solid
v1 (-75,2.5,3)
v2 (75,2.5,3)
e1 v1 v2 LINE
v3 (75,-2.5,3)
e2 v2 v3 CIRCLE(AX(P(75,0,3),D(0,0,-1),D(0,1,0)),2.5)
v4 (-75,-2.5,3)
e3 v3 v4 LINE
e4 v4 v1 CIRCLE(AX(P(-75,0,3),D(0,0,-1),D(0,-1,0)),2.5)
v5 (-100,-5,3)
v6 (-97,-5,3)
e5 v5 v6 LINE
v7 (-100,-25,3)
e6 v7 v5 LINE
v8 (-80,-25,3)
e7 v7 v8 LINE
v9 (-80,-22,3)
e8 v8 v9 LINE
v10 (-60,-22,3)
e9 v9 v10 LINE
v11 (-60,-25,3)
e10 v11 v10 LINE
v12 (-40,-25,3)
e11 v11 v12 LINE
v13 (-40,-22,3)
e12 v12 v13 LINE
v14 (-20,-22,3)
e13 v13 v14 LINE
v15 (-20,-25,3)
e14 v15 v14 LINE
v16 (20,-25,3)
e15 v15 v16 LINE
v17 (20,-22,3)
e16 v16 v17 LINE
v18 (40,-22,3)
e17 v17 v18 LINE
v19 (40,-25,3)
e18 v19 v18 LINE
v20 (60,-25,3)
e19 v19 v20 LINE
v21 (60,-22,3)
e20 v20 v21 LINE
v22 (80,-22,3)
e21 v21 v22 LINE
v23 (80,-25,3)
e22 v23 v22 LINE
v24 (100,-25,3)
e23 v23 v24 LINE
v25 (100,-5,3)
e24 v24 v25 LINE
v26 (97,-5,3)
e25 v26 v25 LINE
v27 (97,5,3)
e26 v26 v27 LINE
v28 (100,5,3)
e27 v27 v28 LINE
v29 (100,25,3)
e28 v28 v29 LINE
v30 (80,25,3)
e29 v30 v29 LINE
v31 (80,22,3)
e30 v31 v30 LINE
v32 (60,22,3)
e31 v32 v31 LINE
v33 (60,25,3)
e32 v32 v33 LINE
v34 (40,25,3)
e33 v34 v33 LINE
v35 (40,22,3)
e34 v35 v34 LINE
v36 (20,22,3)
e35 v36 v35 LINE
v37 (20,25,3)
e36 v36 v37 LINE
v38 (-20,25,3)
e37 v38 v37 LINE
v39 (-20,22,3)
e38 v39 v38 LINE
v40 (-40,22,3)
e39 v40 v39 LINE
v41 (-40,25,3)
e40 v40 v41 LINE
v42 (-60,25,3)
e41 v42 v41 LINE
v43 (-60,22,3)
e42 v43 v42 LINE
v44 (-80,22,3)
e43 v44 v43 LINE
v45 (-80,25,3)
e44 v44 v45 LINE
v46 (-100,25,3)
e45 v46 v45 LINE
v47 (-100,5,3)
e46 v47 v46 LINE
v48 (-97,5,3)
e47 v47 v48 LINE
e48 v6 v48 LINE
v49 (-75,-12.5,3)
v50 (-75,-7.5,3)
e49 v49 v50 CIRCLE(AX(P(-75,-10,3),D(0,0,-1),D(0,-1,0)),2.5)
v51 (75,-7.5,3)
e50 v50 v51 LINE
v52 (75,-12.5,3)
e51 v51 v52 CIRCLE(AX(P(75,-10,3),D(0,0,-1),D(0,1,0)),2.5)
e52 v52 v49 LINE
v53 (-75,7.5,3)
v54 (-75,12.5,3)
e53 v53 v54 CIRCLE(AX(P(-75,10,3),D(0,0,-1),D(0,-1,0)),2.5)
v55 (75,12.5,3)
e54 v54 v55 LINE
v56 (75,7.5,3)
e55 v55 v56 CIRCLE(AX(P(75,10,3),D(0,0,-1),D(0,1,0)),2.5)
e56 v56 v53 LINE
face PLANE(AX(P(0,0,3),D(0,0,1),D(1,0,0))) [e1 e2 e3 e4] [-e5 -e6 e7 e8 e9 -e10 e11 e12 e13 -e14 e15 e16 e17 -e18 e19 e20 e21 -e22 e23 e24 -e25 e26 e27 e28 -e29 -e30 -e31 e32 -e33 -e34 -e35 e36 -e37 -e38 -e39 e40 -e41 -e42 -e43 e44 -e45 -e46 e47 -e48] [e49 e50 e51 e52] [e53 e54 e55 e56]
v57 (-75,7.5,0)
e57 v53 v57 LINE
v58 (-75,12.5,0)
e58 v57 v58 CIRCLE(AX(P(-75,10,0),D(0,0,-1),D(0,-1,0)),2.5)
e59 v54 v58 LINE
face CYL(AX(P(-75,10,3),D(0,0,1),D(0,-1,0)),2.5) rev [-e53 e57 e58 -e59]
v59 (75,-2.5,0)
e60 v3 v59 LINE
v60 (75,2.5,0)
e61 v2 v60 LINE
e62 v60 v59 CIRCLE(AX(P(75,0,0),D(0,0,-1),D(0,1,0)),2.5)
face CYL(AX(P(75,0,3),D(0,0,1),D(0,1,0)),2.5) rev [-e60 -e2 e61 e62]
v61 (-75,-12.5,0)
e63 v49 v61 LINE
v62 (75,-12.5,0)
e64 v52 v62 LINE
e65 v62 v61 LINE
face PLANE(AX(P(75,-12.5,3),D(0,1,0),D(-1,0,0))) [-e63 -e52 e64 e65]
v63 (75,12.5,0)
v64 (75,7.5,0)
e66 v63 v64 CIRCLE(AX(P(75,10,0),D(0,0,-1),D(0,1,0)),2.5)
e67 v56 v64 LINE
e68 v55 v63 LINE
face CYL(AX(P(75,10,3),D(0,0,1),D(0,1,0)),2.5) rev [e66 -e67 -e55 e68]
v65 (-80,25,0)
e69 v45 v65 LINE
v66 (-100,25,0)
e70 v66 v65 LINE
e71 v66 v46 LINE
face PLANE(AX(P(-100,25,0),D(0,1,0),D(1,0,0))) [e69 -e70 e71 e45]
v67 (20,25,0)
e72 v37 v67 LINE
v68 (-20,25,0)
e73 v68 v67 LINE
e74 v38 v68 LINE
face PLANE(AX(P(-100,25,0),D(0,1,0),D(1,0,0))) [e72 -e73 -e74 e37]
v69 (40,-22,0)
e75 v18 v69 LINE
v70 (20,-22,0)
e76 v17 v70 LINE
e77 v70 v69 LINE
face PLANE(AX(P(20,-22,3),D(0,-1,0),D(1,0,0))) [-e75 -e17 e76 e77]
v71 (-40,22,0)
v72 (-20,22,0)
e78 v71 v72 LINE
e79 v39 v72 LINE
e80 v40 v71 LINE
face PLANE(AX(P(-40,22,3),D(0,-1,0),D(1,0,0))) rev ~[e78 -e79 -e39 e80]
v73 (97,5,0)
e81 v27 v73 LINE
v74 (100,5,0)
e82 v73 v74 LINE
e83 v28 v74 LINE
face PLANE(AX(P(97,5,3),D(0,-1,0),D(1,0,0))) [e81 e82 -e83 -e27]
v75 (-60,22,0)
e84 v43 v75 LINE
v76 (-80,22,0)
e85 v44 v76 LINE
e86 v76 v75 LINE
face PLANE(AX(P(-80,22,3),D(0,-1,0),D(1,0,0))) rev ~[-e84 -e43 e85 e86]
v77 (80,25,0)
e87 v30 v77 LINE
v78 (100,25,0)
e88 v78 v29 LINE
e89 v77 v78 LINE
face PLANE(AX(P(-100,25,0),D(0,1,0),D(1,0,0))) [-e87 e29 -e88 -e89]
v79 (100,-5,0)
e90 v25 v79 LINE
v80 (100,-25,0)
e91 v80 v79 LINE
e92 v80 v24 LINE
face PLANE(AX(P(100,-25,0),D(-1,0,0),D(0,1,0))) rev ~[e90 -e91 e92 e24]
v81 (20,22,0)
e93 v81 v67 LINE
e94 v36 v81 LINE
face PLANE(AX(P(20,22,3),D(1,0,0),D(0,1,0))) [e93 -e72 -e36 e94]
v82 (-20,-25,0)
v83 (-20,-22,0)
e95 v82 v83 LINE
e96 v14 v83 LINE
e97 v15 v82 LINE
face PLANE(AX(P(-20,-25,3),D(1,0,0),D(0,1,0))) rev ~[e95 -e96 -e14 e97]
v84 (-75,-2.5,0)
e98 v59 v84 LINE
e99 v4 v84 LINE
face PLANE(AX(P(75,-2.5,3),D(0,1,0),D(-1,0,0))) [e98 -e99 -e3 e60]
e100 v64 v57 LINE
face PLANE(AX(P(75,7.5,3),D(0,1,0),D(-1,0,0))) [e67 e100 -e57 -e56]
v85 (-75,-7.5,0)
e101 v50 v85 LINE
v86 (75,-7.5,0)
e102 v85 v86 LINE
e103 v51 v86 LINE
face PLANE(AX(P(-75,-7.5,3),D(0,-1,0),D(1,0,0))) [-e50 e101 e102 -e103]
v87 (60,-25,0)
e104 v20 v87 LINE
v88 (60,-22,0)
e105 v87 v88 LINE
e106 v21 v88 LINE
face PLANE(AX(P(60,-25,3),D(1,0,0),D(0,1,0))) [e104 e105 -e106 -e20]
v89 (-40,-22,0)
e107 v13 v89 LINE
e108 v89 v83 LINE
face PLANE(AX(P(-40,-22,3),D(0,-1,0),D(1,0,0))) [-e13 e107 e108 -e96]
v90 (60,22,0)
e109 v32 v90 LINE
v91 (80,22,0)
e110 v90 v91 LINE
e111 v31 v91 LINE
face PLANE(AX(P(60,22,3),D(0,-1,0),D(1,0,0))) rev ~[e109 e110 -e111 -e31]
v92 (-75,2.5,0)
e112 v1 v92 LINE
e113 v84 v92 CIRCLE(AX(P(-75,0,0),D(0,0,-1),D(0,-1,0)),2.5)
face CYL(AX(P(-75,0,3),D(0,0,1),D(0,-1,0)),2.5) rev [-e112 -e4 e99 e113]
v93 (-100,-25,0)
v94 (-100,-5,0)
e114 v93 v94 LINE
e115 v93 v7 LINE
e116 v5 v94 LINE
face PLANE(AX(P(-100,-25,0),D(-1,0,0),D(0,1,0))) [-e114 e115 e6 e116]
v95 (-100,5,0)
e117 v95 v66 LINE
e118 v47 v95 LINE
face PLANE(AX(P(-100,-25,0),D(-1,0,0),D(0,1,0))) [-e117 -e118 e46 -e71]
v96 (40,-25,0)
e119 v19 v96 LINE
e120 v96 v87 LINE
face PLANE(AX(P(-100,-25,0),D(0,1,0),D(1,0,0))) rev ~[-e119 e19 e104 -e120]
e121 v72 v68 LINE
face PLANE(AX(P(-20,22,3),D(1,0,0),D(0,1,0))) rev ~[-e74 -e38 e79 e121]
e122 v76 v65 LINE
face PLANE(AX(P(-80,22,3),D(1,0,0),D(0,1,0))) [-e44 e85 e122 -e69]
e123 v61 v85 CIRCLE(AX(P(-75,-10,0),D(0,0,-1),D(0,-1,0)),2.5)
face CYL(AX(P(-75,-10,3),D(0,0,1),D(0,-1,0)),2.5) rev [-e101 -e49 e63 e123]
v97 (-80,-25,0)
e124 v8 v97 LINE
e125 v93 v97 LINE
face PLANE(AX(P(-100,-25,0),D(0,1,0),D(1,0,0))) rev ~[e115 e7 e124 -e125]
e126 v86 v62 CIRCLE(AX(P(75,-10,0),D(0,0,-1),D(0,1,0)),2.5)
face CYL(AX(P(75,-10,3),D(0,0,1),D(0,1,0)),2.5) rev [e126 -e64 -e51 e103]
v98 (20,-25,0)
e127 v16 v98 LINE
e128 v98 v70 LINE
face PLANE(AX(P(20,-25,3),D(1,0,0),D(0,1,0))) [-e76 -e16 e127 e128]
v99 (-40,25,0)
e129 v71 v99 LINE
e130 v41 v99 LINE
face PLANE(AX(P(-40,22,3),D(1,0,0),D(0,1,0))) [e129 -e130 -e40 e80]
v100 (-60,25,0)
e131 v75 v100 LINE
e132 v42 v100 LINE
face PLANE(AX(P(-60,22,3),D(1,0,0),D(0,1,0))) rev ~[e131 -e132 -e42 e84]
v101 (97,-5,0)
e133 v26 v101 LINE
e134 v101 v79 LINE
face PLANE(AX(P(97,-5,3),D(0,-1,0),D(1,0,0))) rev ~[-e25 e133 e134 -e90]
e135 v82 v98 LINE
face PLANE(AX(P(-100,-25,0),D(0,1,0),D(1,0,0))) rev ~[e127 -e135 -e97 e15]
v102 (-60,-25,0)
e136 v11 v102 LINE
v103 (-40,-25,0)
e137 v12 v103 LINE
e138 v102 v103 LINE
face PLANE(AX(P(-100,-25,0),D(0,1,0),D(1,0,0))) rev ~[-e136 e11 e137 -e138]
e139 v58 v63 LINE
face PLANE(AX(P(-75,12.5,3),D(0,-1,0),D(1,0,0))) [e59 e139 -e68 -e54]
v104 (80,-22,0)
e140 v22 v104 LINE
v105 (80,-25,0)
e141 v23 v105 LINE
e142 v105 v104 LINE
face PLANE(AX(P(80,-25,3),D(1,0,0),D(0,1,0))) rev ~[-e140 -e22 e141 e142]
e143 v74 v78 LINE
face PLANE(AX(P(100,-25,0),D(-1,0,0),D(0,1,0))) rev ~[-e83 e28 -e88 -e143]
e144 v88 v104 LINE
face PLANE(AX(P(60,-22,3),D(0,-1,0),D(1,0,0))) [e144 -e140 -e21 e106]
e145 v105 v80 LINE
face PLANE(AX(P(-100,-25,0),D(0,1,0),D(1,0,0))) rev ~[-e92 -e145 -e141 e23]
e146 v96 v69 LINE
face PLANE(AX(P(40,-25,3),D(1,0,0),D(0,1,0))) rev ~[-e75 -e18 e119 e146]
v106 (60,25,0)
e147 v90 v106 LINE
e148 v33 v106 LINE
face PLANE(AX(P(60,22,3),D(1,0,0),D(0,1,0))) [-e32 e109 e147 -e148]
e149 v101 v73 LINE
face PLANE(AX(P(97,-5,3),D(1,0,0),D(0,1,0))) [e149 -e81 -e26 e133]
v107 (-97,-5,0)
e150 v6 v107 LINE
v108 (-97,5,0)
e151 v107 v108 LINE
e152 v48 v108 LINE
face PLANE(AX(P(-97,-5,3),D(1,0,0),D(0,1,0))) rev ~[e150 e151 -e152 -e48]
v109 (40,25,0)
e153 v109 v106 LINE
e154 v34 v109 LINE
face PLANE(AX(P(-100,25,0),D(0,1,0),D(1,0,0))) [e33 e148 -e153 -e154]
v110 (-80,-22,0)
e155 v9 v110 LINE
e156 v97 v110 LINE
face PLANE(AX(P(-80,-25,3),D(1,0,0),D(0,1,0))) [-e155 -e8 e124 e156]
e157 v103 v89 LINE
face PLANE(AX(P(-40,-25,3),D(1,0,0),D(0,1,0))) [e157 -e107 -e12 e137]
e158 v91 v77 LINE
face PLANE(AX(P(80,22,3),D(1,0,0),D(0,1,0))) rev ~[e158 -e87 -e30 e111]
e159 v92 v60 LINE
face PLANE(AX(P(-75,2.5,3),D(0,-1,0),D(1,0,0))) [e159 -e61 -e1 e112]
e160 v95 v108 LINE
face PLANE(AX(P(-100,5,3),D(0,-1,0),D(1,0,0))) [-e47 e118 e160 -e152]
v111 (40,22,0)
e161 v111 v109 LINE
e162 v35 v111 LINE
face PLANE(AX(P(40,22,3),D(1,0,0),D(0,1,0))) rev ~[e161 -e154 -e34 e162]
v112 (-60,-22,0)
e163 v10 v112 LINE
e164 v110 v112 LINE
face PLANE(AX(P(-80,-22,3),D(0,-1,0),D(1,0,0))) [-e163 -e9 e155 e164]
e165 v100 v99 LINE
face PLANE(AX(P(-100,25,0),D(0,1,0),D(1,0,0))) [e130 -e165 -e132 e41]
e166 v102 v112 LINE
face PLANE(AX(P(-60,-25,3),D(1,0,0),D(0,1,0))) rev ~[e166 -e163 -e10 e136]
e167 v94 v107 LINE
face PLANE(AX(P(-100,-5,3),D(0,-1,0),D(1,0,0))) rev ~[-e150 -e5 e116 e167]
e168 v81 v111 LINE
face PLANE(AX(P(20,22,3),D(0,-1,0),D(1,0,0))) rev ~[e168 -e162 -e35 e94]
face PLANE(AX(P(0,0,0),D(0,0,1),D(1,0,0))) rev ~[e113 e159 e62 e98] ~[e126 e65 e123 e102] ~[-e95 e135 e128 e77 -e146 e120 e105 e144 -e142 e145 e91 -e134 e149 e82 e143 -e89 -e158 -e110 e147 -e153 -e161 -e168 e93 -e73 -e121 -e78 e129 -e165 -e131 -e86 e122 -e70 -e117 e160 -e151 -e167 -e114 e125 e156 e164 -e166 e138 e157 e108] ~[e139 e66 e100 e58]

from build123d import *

# Parameters (mm, degrees)
SKETCH1_W           = 200
SKETCH1_H           = 50
BOSS_EXTRUDE1_DEPTH = 3
SKETCH2_W           = 20
SKETCH2_H           = 3
SKETCH2_W_2         = 3
SKETCH2_H_2         = 10
CUT_EXTRUDE1_DEPTH  = 3
CUT_EXTRUDE2_DEPTH  = 3


with BuildPart() as part:
    # Sketch1 → Boss-Extrude1 (new body)
    with BuildSketch(Plane.XY):
        Rectangle(SKETCH1_W, SKETCH1_H)
    extrude(amount=BOSS_EXTRUDE1_DEPTH)

    # Sketch2 → Cut-Extrude1 (cut)
    with BuildSketch(Plane.XY.offset(3)):
        with Locations((-70, 23.5)):
            Rectangle(SKETCH2_W, SKETCH2_H)
        with Locations((-30, -23.5)):
            Rectangle(SKETCH2_W, SKETCH2_H)
        with Locations((98.5, 0)):
            Rectangle(SKETCH2_W_2, SKETCH2_H_2)
        with Locations((-70, -23.5)):
            Rectangle(SKETCH2_W, SKETCH2_H)
        with Locations((30, 23.5)):
            Rectangle(SKETCH2_W, SKETCH2_H)
        with Locations((70, 23.5)):
            Rectangle(SKETCH2_W, SKETCH2_H)
        with Locations((-30, 23.5)):
            Rectangle(SKETCH2_W, SKETCH2_H)
        with Locations((30, -23.5)):
            Rectangle(SKETCH2_W, SKETCH2_H)
        with Locations((70, -23.5)):
            Rectangle(SKETCH2_W, SKETCH2_H)
        with Locations((-98.5, 0)):
            Rectangle(SKETCH2_W_2, SKETCH2_H_2)
    extrude(amount=-CUT_EXTRUDE1_DEPTH, mode=Mode.SUBTRACT)

    # Sketch3 → Cut-Extrude2 (cut)
    with BuildSketch(Plane.XY.offset(3)):
        with BuildLine():
            Line((75, 7.5), (-75, 7.5))
            ThreePointArc((-75, 7.5), (-77.5, 10), (-75, 12.5))
            Line((-75, 12.5), (75, 12.5))
            ThreePointArc((75, 12.5), (77.5, 10), (75, 7.5))
        make_face()
        with BuildLine():
            Line((75, -2.5), (-75, -2.5))
            ThreePointArc((-75, -2.5), (-77.5, 0), (-75, 2.5))
            Line((-75, 2.5), (75, 2.5))
            ThreePointArc((75, 2.5), (77.5, 0), (75, -2.5))
        make_face()
        with BuildLine():
            Line((75, -12.5), (-75, -12.5))
            ThreePointArc((-75, -12.5), (-77.5, -10), (-75, -7.5))
            Line((-75, -7.5), (75, -7.5))
            ThreePointArc((75, -7.5), (77.5, -10), (75, -12.5))
        make_face()
    extrude(amount=-CUT_EXTRUDE2_DEPTH, mode=Mode.SUBTRACT)


solid = part.part
